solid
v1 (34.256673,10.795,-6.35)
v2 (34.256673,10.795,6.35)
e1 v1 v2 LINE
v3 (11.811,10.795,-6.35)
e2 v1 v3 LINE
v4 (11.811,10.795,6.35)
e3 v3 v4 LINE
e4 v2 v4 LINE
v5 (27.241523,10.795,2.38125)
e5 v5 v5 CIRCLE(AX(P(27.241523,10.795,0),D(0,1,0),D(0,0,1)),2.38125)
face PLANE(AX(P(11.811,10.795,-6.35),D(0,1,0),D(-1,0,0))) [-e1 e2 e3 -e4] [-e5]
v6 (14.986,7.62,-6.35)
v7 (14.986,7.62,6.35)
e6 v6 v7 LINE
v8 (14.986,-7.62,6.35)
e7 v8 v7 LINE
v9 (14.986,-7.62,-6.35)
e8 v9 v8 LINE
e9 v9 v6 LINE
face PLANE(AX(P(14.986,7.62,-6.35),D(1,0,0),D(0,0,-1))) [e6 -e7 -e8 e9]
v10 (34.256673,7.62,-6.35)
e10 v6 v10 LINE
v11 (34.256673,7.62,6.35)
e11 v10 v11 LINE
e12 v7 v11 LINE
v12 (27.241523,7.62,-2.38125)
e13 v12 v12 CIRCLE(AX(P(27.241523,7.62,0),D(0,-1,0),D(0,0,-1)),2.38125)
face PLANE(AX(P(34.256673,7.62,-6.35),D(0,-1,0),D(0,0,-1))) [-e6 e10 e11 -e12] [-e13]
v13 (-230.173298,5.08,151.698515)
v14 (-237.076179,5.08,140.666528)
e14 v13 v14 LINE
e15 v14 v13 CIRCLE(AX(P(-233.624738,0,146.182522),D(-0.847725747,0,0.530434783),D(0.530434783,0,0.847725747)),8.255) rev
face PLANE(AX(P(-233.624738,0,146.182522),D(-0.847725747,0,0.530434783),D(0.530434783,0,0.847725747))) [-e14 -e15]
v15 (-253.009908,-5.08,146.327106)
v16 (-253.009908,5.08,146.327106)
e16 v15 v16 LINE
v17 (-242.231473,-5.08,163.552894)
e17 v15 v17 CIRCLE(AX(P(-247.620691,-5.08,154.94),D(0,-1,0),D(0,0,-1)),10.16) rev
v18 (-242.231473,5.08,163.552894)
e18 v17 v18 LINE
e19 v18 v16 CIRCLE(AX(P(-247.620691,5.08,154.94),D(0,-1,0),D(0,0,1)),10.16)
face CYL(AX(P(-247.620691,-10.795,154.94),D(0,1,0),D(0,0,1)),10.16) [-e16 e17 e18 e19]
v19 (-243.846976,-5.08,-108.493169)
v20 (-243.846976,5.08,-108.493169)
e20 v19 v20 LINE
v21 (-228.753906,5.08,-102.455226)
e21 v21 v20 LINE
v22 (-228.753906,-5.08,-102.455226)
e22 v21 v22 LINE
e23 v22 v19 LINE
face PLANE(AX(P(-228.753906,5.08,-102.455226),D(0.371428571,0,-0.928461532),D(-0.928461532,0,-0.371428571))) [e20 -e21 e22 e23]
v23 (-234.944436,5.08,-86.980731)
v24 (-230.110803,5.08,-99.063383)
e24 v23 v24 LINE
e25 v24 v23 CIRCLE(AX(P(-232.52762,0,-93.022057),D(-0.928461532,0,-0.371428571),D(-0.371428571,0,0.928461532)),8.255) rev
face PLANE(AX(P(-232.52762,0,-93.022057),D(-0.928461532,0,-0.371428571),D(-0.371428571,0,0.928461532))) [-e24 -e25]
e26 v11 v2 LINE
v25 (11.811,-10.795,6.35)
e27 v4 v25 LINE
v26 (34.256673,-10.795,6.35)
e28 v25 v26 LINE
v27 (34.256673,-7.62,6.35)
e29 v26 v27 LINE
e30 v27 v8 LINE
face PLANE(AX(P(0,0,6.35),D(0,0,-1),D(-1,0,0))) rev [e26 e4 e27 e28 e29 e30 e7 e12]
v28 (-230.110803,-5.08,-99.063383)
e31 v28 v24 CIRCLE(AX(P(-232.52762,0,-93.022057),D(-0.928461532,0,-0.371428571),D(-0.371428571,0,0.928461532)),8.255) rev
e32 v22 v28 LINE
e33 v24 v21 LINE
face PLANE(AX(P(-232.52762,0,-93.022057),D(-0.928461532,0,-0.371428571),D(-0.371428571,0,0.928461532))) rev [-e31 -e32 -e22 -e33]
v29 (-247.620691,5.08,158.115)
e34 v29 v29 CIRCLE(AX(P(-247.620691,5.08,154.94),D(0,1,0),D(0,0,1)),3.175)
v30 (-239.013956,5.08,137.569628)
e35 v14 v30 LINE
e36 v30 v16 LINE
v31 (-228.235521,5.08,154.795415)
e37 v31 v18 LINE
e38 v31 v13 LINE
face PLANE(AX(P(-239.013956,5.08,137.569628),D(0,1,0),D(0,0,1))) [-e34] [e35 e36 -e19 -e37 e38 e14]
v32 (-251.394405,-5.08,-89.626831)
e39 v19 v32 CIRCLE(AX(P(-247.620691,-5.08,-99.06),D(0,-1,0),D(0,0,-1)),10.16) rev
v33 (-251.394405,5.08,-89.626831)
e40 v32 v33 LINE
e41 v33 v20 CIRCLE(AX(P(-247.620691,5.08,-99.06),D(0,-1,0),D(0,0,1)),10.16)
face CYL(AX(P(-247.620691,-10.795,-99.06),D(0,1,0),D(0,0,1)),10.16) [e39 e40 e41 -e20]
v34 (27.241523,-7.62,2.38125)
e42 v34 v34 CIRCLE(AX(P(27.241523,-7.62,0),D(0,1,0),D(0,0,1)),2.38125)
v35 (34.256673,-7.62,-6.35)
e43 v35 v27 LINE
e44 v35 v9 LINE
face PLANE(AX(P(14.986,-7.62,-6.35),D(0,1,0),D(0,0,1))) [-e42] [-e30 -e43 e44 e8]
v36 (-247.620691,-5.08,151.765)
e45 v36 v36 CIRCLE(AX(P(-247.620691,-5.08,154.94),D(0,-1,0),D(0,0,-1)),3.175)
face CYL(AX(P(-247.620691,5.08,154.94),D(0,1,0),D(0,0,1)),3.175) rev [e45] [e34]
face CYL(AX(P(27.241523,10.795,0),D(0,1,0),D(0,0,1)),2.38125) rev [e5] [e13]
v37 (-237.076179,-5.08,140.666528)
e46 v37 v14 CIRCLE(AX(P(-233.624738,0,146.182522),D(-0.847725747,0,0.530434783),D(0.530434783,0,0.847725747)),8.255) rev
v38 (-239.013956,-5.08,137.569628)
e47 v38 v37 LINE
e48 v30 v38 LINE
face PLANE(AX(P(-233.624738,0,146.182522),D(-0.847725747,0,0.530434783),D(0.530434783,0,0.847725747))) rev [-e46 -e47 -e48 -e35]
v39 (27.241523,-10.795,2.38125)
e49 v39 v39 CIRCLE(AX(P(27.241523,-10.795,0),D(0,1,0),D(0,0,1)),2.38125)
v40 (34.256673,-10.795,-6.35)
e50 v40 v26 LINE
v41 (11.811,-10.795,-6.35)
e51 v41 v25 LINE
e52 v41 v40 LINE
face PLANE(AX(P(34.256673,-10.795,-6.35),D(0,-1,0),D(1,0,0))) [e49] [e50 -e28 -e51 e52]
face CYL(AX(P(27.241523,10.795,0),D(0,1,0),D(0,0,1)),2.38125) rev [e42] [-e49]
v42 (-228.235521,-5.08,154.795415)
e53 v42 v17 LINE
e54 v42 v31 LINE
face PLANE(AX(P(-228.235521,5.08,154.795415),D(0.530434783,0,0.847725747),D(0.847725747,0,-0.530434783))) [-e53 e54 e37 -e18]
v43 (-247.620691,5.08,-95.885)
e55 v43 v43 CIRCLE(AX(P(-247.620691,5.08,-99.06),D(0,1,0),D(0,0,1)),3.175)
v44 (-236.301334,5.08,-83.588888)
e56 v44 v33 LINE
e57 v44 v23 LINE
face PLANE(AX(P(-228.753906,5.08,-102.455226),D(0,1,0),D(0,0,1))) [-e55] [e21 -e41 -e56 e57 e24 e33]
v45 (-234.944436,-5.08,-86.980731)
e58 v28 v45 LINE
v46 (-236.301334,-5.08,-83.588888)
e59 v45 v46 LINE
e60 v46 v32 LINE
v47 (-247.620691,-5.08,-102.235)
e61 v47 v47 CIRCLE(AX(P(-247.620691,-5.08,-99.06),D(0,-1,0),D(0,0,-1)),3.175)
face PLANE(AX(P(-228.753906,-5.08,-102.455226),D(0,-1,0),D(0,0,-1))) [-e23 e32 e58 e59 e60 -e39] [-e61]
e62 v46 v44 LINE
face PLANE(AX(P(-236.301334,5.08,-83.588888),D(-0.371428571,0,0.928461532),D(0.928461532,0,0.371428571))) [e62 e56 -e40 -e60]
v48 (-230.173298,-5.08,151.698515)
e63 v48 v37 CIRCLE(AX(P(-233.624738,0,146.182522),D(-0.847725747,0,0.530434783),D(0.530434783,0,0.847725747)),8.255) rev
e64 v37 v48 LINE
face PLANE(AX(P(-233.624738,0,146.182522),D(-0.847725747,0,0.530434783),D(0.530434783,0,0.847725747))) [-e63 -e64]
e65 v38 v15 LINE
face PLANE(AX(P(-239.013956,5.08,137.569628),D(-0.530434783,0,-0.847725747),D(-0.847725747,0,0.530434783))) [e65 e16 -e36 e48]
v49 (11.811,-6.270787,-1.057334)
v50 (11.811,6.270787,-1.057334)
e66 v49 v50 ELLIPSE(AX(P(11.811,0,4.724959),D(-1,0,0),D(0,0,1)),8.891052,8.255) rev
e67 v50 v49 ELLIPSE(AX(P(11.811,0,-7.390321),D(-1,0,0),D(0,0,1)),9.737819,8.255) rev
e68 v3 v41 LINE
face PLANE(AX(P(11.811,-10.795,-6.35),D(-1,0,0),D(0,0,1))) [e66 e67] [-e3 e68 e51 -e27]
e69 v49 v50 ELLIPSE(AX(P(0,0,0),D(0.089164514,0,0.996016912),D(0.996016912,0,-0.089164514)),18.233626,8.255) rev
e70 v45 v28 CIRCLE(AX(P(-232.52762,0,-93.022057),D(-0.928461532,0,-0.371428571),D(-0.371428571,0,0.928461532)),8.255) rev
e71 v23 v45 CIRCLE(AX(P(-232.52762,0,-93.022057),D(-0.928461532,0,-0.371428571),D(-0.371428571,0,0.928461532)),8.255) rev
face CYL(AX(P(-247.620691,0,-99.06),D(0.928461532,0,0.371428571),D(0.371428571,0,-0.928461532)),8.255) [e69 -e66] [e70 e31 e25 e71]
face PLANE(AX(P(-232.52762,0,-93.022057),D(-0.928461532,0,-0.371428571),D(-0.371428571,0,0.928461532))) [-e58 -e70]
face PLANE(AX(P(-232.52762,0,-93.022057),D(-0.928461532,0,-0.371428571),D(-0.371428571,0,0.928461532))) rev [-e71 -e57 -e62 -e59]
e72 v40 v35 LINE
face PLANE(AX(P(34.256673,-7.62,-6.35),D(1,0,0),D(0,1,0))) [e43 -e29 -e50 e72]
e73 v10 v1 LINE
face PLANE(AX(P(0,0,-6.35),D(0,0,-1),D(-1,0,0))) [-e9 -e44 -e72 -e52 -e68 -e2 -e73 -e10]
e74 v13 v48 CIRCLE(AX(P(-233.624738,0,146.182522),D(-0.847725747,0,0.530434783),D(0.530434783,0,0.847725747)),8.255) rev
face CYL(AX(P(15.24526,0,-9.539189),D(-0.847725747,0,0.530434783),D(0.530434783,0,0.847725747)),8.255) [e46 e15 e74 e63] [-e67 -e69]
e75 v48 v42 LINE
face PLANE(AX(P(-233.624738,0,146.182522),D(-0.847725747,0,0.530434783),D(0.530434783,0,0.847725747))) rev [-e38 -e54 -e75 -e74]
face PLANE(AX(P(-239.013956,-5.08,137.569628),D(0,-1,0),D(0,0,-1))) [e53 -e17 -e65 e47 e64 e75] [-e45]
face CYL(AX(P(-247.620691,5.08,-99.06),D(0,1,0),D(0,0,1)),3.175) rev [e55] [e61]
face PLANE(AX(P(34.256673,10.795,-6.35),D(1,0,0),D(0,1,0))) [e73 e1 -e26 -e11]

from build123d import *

# Parameters (mm, degrees)
SKETCH2_R                      = 8.255
BOSS_EXTRUDE1_DEPTH            = 6.35
BOSS_EXTRUDE1_DEPTH_BACK       = 6.35
BOSS_EXTRUDE2_DEPTH            = 10.16
BOSS_EXTRUDE2_DEPTH_BACK       = 16.51
SKETCH4_W                      = 20.32
SKETCH4_H                      = 10.16
BOSS_EXTRUDE3_DEPTH            = 10.16
BOSS_EXTRUDE3_DEPTH_BACK       = 16.256
SKETCH5_W                      = 20.32
SKETCH5_H                      = 10.16
CUT_EXTRUDE1_DEPTH             = 312.833197041
CUT_EXTRUDE2_DEPTH             = 312.833197041
CUT_EXTRUDE3_DEPTH             = 16.51
CUT_EXTRUDE4_START             = -16.256
CUT_EXTRUDE4_DEPTH             = 16.256
CUT_EXTRUDE5_DEPTH             = 303.933951477
E_0_25_DIAMETER_HOLE1_D        = 6.35
E_0_25_DIAMETER_HOLE1_DEPTH    = 19.05
E_0_25_DIAMETER_HOLE1_TIP      = 1.907732465
F_3_16_0_1875_DIAMETER_HOLE1_D = 4.7625


with BuildPart() as part:
    # Sweep1: sweep along a path in Sketch1
    with BuildLine(Plane(origin=(0, 0, 0), x_dir=(1, 0, 0), z_dir=(0, 1, 0))) as sweep1_path:
        Line((-247.620690573, 99.06), (0, 0))
        Line((0, 0), (-247.620690573, -154.94))
    # Sketch2 → Sweep1 (sweep)
    with BuildSketch(Plane(origin=(-247.620690573, 0, 154.94), x_dir=(0.5304347826086957, 0, 0.847725746570709), z_dir=(-0.8477257465707089, 0, 0.5304347826086956))):
        Circle(SKETCH2_R)
    sweep(path=sweep1_path.line, transition=Transition.RIGHT)

    # Sketch3 → Boss-Extrude1 (add, two sides: drawn at the far end of the back side and taken through both)
    with BuildSketch(Plane.XY.offset(-BOSS_EXTRUDE1_DEPTH_BACK)):
        Polygon((34.256672931, -10.795), (11.811, -10.795), (11.811, 10.795), (34.256672931, 10.795), (34.256672931, 7.62), (14.986, 7.62), (14.986, -7.62), (34.256672931, -7.62), align=None)
    extrude(amount=BOSS_EXTRUDE1_DEPTH + BOSS_EXTRUDE1_DEPTH_BACK)

    # Sketch4 → Boss-Extrude2 (add, two sides: drawn at the far end of the back side and taken through both)
    with BuildSketch(Plane(origin=(-247.620690573, 0, 154.94), x_dir=(0.5304347826086958, 0, 0.8477257465707089), z_dir=(-0.847725746570709, 0, 0.5304347826086958)).offset(-BOSS_EXTRUDE2_DEPTH_BACK)):
        Rectangle(SKETCH4_W, SKETCH4_H)
    extrude(amount=BOSS_EXTRUDE2_DEPTH + BOSS_EXTRUDE2_DEPTH_BACK)

    # Sketch5 → Boss-Extrude3 (add, two sides: drawn at the far end of the back side and taken through both)
    with BuildSketch(Plane(origin=(-247.620690573, 0, -99.06), x_dir=(-0.3714285714285716, 0, 0.9284615319583954), z_dir=(-0.9284615319583954, 0, -0.3714285714285716)).offset(-BOSS_EXTRUDE3_DEPTH_BACK)):
        Rectangle(SKETCH5_W, SKETCH5_H)
    extrude(amount=BOSS_EXTRUDE3_DEPTH + BOSS_EXTRUDE3_DEPTH_BACK)

    # Sketch7 → Cut-Extrude1 (cut, through all)
    with BuildSketch(Plane(origin=(0, 5.08, 0), x_dir=(1, 0, 0), z_dir=(0, 1, 0))):
        with BuildLine():
            Line((-257.053859738, 102.833714286), (-260.827574024, 93.400545121))
            Line((-260.827574024, 93.400545121), (-251.394404859, 89.626830835))
            ThreePointArc((-251.394404859, 89.626830835), (-256.959367419, 95.058161077), (-257.053859738, 102.833714286))
        make_face()
    cut_extrude1 = extrude(amount=-CUT_EXTRUDE1_DEPTH, mode=Mode.SUBTRACT)

    # Mirror1: Cut-Extrude1 across plane
    add(cut_extrude1.mirror(Plane(origin=(0, 0, 0), x_dir=(0.9284615319583953, 0, 0.3714285714285718), z_dir=(-0.3714285714285718, 0, 0.9284615319583954))), mode=Mode.SUBTRACT)

    # Sketch9 → Cut-Extrude2 (cut, through all)
    with BuildSketch(Plane(origin=(0, 5.08, 0), x_dir=(1, 0, 0), z_dir=(0, 1, 0))):
        with BuildLine():
            Line((-242.231473182, -163.552893585), (-250.844366767, -168.942110976))
            Line((-250.844366767, -168.942110976), (-256.233584158, -160.329217391))
            ThreePointArc((-256.233584158, -160.329217391), (-249.90017387, -164.840987622), (-242.231473182, -163.552893585))
        make_face()
    cut_extrude2 = extrude(amount=-CUT_EXTRUDE2_DEPTH, mode=Mode.SUBTRACT)

    # Mirror2: Cut-Extrude2 across plane
    add(cut_extrude2.mirror(Plane(origin=(0, 0, 0), x_dir=(-0.8477257465707089, 0, 0.5304347826086955), z_dir=(0.5304347826086959, 0, 0.8477257465707089))), mode=Mode.SUBTRACT)

    # Sketch10 → Cut-Extrude3 (cut)
    with BuildSketch(Plane(origin=(-247.620690573, 0, 154.94), x_dir=(0.5304347826086958, 0, 0.8477257465707089), z_dir=(-0.847725746570709, 0, 0.5304347826086958))):
        with BuildLine():
            Line((6.506813736, -5.08), (-6.506813736, -5.08))
            ThreePointArc((-6.506813736, -5.08), (0, -8.255), (6.506813736, -5.08))
        make_face()
        with BuildLine():
            Line((-6.506813736, 5.08), (6.506813736, 5.08))
            ThreePointArc((6.506813736, 5.08), (0, 8.255), (-6.506813736, 5.08))
        make_face()
    extrude(amount=-CUT_EXTRUDE3_DEPTH, mode=Mode.SUBTRACT)

    # Sketch11 → Cut-Extrude4 (cut)
    with BuildSketch(Plane(origin=(-247.620690573, 0, -99.06), x_dir=(-0.3714285714285716, 0, 0.9284615319583954), z_dir=(-0.9284615319583954, 0, -0.3714285714285716)).offset(CUT_EXTRUDE4_START)):
        with BuildLine():
            Line((6.506813736, -5.08), (-6.506813736, -5.08))
            ThreePointArc((-6.506813736, -5.08), (0, -8.255), (6.506813736, -5.08))
        make_face()
        with BuildLine():
            Line((-6.506813736, 5.08), (6.506813736, 5.08))
            ThreePointArc((6.506813736, 5.08), (0, 8.255), (-6.506813736, 5.08))
        make_face()
    extrude(amount=CUT_EXTRUDE4_DEPTH, mode=Mode.SUBTRACT)

    # Sketch12 → Cut-Extrude5 (cut, through all)
    with BuildSketch(Plane.XY.offset(6.35)):
        with BuildLine():
            Line((14.986, 4.663063163), (14.986, -4.663063163))
            add(Edge.make_bspline(
                [(14.986, -4.663063163), (22.008669492, 0), (14.986, 4.663063163)],
                knots=[5.682900603, 5.682900603, 5.682900603, 6.883470012, 6.883470012, 6.883470012], degree=2, weights=[1, 0.825174825, 1]))
        make_face()
    extrude(amount=-CUT_EXTRUDE5_DEPTH, mode=Mode.SUBTRACT)

    # E (0.25) Diameter Hole1
    with Locations(Plane(origin=(-247.620690573, 5.08, -99.06), x_dir=(0, 0, 1), z_dir=(0, 1, 0))):
        with Locations((0, 0), (254, 0)):
            Hole(E_0_25_DIAMETER_HOLE1_D / 2, depth=E_0_25_DIAMETER_HOLE1_DEPTH)
            with Locations((0, 0, -(E_0_25_DIAMETER_HOLE1_DEPTH + E_0_25_DIAMETER_HOLE1_TIP / 2))):  # 118° drill point
                Cone(0, E_0_25_DIAMETER_HOLE1_D / 2, E_0_25_DIAMETER_HOLE1_TIP, mode=Mode.SUBTRACT)

    # 3/16 (0.1875) Diameter Hole1 (through all)
    with Locations(Plane(origin=(0, 10.795, 0), x_dir=(1, 0, 0), z_dir=(0, 1, 0))):
        with Locations((27.241523324, 0)):
            Hole(F_3_16_0_1875_DIAMETER_HOLE1_D / 2)


solid = part.part
